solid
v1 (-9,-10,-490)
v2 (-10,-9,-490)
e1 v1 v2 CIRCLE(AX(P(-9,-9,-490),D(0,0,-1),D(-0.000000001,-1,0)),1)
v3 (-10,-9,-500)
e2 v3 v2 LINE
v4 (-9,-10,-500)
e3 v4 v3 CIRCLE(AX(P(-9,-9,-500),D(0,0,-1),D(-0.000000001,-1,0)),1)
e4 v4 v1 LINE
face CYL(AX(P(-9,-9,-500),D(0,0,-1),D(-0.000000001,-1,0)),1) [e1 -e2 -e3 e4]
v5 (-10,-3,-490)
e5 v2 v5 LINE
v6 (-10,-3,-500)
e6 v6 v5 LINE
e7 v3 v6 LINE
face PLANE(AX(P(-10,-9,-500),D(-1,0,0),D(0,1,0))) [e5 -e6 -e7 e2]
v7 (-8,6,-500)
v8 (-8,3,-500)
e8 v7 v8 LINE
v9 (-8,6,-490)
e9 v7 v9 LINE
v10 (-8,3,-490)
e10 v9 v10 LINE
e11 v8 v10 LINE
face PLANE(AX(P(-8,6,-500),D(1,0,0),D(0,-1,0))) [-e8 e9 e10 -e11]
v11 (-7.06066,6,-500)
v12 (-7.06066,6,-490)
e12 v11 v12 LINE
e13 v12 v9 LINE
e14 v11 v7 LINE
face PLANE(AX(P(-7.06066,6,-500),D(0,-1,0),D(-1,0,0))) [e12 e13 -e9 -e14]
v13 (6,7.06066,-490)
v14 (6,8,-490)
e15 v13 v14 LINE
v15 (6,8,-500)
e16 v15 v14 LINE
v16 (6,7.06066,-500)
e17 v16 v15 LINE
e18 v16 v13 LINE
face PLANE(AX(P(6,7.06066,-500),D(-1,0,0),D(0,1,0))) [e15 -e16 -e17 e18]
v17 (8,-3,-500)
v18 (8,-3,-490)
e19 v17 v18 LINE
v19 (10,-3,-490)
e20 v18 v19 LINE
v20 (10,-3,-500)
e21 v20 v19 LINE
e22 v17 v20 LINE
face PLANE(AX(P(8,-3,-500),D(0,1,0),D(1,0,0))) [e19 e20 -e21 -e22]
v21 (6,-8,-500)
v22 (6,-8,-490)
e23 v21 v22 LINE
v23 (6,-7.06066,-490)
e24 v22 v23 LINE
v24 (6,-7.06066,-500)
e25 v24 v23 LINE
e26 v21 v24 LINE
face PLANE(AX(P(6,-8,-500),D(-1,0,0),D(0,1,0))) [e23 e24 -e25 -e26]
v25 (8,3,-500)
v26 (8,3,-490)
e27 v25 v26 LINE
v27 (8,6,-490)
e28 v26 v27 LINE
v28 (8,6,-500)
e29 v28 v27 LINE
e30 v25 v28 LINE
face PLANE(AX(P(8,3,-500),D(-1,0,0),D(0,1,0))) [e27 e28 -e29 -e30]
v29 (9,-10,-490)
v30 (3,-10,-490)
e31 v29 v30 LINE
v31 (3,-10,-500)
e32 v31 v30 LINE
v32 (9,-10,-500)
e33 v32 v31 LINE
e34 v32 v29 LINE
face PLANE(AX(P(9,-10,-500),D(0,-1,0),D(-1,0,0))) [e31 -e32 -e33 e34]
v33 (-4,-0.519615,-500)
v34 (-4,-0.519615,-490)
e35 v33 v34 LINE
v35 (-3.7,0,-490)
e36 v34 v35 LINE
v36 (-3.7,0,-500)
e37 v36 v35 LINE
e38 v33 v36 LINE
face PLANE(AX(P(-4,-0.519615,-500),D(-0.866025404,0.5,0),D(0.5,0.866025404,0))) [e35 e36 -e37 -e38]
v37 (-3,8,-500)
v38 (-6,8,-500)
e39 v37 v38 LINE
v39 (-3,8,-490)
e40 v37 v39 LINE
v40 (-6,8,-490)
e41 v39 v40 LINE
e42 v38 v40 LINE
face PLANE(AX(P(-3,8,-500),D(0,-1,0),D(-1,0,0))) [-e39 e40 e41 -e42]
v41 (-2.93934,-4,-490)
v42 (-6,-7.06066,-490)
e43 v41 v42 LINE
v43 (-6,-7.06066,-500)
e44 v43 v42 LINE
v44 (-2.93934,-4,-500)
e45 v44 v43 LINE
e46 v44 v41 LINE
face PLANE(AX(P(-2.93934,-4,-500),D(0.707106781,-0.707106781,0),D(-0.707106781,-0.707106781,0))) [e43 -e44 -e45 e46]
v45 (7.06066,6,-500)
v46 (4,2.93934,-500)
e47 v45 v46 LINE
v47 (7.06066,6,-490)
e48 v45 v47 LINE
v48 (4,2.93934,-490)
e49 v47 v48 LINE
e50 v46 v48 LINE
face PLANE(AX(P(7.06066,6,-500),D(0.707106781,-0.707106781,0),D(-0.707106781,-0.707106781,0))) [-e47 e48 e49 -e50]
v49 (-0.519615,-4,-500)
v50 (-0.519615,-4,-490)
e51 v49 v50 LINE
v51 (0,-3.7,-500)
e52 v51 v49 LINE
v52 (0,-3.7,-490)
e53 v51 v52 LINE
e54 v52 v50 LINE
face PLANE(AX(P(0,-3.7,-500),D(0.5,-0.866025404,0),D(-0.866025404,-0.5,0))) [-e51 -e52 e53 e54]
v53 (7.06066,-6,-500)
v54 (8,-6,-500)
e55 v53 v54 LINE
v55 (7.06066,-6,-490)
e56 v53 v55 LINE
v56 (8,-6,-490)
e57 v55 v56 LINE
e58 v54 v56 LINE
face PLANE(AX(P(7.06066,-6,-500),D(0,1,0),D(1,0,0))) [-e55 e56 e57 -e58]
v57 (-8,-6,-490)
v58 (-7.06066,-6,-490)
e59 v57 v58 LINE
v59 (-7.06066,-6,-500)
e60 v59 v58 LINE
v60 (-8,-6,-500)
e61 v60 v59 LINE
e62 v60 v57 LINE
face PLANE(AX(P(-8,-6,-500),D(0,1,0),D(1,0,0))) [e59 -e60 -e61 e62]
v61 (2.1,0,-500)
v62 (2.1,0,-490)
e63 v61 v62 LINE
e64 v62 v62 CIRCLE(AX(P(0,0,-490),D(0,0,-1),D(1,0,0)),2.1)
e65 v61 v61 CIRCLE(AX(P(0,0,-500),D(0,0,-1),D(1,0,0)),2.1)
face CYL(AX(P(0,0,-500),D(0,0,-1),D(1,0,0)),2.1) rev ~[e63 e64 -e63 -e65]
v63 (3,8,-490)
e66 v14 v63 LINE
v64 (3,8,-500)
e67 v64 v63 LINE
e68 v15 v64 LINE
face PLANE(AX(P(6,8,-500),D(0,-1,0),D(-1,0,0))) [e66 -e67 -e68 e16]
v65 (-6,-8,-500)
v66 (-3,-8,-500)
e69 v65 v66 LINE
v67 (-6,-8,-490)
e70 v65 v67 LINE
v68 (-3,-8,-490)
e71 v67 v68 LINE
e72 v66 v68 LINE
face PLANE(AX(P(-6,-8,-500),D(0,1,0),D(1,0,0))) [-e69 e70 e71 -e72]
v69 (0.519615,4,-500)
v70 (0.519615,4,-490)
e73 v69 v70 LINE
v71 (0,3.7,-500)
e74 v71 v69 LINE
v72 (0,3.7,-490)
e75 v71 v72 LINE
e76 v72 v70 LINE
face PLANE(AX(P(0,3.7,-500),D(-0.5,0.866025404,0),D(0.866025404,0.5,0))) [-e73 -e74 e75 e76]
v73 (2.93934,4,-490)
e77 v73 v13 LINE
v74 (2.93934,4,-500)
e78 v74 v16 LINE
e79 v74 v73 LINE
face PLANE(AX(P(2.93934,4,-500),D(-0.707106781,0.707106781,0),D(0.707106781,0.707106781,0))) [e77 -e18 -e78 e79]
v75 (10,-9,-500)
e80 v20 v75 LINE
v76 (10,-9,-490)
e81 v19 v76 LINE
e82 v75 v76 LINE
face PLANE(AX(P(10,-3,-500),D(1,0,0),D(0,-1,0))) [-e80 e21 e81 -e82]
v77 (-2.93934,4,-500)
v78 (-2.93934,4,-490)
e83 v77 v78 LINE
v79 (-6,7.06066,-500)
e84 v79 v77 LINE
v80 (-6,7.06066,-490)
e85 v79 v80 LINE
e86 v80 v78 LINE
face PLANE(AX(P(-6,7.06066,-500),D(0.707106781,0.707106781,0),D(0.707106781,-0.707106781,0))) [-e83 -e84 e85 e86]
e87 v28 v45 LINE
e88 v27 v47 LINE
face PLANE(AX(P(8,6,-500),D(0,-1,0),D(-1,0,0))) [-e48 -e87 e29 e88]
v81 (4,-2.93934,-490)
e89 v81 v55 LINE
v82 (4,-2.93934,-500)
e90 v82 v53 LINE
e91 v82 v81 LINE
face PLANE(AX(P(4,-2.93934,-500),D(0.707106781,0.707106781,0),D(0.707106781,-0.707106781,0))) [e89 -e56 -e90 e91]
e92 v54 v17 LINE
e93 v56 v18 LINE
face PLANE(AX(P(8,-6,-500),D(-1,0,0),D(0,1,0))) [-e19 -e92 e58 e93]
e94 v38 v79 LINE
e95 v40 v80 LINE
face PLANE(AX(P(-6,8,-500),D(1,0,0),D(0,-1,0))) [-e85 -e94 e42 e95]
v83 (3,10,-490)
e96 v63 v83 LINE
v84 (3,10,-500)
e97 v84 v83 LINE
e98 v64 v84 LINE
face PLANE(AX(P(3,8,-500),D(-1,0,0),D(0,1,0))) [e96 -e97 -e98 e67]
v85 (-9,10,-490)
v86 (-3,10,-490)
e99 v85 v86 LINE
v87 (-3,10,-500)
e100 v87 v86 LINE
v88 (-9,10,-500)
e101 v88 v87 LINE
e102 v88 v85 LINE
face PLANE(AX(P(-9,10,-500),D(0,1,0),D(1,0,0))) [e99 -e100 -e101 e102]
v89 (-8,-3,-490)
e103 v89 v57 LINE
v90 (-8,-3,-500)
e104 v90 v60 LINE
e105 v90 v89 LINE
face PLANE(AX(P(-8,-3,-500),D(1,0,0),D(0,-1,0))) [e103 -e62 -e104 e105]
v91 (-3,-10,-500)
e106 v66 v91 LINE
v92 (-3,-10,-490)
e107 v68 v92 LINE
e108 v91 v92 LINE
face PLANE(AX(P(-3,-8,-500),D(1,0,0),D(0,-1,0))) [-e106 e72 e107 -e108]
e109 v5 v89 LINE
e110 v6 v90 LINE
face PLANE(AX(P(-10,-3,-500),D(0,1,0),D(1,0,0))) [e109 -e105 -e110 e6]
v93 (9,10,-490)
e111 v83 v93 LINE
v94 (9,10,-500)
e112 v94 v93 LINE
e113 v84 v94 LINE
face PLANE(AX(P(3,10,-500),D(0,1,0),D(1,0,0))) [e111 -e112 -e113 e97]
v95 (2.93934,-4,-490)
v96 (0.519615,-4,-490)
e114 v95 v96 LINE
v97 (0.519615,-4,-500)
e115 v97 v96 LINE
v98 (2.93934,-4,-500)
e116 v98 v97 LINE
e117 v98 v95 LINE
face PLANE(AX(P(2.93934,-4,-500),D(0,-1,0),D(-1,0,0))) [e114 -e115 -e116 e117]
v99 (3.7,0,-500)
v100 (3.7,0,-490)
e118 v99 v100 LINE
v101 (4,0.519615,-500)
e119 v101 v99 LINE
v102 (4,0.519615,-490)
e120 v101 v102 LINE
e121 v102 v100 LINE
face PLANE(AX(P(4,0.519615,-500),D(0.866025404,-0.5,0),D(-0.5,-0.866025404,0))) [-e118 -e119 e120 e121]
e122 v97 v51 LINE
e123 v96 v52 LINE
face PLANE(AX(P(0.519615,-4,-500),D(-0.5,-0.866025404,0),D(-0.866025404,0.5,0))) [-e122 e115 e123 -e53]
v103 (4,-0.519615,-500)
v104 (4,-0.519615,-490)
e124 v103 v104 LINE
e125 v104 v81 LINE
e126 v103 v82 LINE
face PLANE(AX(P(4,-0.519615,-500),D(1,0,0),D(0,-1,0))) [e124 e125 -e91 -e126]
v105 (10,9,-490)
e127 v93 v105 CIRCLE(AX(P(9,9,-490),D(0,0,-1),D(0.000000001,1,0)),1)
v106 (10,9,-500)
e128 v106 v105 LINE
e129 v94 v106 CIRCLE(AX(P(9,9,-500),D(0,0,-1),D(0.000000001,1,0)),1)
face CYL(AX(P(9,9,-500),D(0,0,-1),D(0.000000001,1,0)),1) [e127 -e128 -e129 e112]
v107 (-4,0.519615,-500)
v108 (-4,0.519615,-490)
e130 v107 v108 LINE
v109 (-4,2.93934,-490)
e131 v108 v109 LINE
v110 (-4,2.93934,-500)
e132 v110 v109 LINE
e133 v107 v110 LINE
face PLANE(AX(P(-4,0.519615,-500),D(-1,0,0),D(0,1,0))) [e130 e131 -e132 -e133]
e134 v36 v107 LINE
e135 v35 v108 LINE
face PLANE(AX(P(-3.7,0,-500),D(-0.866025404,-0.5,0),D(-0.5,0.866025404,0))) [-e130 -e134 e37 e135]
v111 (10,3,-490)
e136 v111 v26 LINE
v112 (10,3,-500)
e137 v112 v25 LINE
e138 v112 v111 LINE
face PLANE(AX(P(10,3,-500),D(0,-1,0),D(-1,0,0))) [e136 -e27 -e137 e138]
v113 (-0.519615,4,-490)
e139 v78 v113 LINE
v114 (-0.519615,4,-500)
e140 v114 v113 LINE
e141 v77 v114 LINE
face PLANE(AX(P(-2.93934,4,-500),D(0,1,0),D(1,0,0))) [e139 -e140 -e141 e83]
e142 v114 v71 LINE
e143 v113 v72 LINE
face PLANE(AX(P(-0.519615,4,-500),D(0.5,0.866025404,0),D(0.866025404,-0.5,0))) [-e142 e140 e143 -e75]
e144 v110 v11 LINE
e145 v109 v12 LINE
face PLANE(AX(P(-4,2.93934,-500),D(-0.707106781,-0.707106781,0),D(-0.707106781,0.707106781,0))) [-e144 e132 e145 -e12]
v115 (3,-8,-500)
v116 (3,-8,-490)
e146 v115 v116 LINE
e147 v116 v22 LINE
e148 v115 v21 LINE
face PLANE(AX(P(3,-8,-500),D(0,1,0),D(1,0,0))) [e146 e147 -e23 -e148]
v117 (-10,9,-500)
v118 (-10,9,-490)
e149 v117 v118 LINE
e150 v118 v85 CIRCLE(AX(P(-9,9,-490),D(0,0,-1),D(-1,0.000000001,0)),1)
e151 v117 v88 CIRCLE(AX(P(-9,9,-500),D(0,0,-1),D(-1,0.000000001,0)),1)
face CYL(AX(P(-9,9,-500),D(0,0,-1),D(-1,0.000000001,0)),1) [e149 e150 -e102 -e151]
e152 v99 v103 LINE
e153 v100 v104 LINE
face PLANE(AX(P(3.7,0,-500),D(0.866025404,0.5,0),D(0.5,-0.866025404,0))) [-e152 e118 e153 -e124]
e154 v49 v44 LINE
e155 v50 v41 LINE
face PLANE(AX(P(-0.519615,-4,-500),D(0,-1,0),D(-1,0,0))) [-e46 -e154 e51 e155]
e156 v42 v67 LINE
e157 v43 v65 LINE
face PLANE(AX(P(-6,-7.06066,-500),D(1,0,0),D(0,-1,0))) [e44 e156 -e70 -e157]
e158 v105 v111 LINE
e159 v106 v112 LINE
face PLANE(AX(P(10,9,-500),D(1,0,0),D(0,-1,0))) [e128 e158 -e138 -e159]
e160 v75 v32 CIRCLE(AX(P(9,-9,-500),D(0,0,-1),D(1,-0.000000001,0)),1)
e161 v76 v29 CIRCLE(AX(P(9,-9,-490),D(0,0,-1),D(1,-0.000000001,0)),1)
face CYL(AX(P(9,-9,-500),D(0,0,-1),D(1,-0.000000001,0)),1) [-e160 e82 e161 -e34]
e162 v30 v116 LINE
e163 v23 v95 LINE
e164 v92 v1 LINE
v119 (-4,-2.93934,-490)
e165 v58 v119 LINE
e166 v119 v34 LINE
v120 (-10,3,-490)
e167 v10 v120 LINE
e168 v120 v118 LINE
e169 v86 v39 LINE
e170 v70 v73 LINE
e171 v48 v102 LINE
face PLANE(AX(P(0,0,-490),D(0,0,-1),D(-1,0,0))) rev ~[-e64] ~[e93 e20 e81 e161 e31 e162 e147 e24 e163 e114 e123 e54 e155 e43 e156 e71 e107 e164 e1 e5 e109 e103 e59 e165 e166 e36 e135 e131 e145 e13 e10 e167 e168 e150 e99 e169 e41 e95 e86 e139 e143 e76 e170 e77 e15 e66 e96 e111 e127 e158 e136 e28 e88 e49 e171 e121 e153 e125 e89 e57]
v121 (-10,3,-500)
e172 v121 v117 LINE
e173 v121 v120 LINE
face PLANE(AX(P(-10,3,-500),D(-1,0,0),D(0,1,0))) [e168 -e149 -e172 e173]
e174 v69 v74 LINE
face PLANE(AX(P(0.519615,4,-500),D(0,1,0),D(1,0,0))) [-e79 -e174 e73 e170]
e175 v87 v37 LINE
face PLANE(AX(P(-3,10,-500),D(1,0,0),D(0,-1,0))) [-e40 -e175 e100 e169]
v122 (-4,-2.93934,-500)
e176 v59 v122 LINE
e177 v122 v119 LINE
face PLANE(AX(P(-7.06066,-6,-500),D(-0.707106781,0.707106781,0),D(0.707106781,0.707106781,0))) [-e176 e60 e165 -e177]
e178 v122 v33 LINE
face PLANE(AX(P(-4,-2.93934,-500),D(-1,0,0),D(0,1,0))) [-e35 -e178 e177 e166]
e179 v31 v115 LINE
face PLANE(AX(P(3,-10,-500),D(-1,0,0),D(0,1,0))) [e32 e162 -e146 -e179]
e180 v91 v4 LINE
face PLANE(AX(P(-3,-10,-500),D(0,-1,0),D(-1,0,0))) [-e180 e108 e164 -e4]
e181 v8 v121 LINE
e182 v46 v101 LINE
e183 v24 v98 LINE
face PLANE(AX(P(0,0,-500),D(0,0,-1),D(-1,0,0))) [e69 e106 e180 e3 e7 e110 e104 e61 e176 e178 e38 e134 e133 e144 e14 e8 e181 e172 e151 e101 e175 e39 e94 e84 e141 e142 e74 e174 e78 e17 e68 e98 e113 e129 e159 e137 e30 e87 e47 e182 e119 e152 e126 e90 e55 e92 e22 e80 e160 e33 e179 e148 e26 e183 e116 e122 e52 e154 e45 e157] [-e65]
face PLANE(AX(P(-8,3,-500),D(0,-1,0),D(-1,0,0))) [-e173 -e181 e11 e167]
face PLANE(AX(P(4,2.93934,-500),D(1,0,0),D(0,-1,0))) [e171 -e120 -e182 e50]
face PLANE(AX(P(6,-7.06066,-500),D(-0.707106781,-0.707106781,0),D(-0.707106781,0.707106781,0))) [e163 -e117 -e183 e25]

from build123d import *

# Parameters (mm, degrees)
SKETCH1_R           = 2.1
BOSS_EXTRUDE1_DEPTH = 10


with BuildPart() as part:
    # Sketch1 → Boss-Extrude1 (new body)
    with BuildSketch(Plane(origin=(0, 0, -500), x_dir=(-1, 0, 0), z_dir=(0, 0, -1))):
        with BuildLine():
            Line((9, 10), (3, 10))
            Line((3, 10), (3, 8))
            Line((3, 8), (6, 8))
            Line((6, 8), (6, 7.060660172))
            Line((6, 7.060660172), (2.939339828, 4))
            Line((2.939339828, 4), (0.519615242, 4))
            Line((0.519615242, 4), (0, 3.7))
            Line((0, 3.7), (-0.519615242, 4))
            Line((-0.519615242, 4), (-2.939339828, 4))
            Line((-2.939339828, 4), (-6, 7.060660172))
            Line((-6, 7.060660172), (-6, 8))
            Line((-6, 8), (-3, 8))
            Line((-3, 8), (-3, 10))
            Line((-3, 10), (-9, 10))
            ThreePointArc((-9, 10), (-9.707106781, 9.707106781), (-10, 9))
            Line((-10, 9), (-10, 3))
            Line((-10, 3), (-8, 3))
            Line((-8, 3), (-8, 6))
            Line((-8, 6), (-7.060660172, 6))
            Line((-7.060660172, 6), (-4, 2.939339828))
            Line((-4, 2.939339828), (-4, 0.519615242))
            Line((-4, 0.519615242), (-3.7, 0))
            Line((-3.7, 0), (-4, -0.519615242))
            Line((-4, -0.519615242), (-4, -2.939339828))
            Line((-4, -2.939339828), (-7.060660172, -6))
            Line((-7.060660172, -6), (-8, -6))
            Line((-8, -6), (-8, -3))
            Line((-8, -3), (-10, -3))
            Line((-10, -3), (-10, -9))
            ThreePointArc((-10, -9), (-9.707106781, -9.707106781), (-9, -10))
            Line((-9, -10), (-3, -10))
            Line((-3, -10), (-3, -8))
            Line((-3, -8), (-6, -8))
            Line((-6, -8), (-6, -7.060660172))
            Line((-6, -7.060660172), (-2.939339828, -4))
            Line((-2.939339828, -4), (-0.519615242, -4))
            Line((-0.519615242, -4), (0, -3.7))
            Line((0, -3.7), (0.519615242, -4))
            Line((0.519615242, -4), (2.939339828, -4))
            Line((2.939339828, -4), (6, -7.060660172))
            Line((6, -7.060660172), (6, -8))
            Line((6, -8), (3, -8))
            Line((3, -8), (3, -10))
            Line((3, -10), (9, -10))
            ThreePointArc((9, -10), (9.707106781, -9.707106781), (10, -9))
            Line((10, -9), (10, -3))
            Line((10, -3), (8, -3))
            Line((8, -3), (8, -6))
            Line((8, -6), (7.060660172, -6))
            Line((7.060660172, -6), (4, -2.939339828))
            Line((4, -2.939339828), (4, -0.519615242))
            Line((4, -0.519615242), (3.7, 0))
            Line((3.7, 0), (4, 0.519615242))
            Line((4, 0.519615242), (4, 2.939339828))
            Line((4, 2.939339828), (7.060660172, 6))
            Line((7.060660172, 6), (8, 6))
            Line((8, 6), (8, 3))
            Line((8, 3), (10, 3))
            Line((10, 3), (10, 9))
            ThreePointArc((10, 9), (9.707106781, 9.707106781), (9, 10))
        make_face()
        with Locations(Location((0, 0, 0), (0, 0, 180))):
            Circle(SKETCH1_R, mode=Mode.SUBTRACT)
    extrude(amount=-BOSS_EXTRUDE1_DEPTH)


solid = part.part
